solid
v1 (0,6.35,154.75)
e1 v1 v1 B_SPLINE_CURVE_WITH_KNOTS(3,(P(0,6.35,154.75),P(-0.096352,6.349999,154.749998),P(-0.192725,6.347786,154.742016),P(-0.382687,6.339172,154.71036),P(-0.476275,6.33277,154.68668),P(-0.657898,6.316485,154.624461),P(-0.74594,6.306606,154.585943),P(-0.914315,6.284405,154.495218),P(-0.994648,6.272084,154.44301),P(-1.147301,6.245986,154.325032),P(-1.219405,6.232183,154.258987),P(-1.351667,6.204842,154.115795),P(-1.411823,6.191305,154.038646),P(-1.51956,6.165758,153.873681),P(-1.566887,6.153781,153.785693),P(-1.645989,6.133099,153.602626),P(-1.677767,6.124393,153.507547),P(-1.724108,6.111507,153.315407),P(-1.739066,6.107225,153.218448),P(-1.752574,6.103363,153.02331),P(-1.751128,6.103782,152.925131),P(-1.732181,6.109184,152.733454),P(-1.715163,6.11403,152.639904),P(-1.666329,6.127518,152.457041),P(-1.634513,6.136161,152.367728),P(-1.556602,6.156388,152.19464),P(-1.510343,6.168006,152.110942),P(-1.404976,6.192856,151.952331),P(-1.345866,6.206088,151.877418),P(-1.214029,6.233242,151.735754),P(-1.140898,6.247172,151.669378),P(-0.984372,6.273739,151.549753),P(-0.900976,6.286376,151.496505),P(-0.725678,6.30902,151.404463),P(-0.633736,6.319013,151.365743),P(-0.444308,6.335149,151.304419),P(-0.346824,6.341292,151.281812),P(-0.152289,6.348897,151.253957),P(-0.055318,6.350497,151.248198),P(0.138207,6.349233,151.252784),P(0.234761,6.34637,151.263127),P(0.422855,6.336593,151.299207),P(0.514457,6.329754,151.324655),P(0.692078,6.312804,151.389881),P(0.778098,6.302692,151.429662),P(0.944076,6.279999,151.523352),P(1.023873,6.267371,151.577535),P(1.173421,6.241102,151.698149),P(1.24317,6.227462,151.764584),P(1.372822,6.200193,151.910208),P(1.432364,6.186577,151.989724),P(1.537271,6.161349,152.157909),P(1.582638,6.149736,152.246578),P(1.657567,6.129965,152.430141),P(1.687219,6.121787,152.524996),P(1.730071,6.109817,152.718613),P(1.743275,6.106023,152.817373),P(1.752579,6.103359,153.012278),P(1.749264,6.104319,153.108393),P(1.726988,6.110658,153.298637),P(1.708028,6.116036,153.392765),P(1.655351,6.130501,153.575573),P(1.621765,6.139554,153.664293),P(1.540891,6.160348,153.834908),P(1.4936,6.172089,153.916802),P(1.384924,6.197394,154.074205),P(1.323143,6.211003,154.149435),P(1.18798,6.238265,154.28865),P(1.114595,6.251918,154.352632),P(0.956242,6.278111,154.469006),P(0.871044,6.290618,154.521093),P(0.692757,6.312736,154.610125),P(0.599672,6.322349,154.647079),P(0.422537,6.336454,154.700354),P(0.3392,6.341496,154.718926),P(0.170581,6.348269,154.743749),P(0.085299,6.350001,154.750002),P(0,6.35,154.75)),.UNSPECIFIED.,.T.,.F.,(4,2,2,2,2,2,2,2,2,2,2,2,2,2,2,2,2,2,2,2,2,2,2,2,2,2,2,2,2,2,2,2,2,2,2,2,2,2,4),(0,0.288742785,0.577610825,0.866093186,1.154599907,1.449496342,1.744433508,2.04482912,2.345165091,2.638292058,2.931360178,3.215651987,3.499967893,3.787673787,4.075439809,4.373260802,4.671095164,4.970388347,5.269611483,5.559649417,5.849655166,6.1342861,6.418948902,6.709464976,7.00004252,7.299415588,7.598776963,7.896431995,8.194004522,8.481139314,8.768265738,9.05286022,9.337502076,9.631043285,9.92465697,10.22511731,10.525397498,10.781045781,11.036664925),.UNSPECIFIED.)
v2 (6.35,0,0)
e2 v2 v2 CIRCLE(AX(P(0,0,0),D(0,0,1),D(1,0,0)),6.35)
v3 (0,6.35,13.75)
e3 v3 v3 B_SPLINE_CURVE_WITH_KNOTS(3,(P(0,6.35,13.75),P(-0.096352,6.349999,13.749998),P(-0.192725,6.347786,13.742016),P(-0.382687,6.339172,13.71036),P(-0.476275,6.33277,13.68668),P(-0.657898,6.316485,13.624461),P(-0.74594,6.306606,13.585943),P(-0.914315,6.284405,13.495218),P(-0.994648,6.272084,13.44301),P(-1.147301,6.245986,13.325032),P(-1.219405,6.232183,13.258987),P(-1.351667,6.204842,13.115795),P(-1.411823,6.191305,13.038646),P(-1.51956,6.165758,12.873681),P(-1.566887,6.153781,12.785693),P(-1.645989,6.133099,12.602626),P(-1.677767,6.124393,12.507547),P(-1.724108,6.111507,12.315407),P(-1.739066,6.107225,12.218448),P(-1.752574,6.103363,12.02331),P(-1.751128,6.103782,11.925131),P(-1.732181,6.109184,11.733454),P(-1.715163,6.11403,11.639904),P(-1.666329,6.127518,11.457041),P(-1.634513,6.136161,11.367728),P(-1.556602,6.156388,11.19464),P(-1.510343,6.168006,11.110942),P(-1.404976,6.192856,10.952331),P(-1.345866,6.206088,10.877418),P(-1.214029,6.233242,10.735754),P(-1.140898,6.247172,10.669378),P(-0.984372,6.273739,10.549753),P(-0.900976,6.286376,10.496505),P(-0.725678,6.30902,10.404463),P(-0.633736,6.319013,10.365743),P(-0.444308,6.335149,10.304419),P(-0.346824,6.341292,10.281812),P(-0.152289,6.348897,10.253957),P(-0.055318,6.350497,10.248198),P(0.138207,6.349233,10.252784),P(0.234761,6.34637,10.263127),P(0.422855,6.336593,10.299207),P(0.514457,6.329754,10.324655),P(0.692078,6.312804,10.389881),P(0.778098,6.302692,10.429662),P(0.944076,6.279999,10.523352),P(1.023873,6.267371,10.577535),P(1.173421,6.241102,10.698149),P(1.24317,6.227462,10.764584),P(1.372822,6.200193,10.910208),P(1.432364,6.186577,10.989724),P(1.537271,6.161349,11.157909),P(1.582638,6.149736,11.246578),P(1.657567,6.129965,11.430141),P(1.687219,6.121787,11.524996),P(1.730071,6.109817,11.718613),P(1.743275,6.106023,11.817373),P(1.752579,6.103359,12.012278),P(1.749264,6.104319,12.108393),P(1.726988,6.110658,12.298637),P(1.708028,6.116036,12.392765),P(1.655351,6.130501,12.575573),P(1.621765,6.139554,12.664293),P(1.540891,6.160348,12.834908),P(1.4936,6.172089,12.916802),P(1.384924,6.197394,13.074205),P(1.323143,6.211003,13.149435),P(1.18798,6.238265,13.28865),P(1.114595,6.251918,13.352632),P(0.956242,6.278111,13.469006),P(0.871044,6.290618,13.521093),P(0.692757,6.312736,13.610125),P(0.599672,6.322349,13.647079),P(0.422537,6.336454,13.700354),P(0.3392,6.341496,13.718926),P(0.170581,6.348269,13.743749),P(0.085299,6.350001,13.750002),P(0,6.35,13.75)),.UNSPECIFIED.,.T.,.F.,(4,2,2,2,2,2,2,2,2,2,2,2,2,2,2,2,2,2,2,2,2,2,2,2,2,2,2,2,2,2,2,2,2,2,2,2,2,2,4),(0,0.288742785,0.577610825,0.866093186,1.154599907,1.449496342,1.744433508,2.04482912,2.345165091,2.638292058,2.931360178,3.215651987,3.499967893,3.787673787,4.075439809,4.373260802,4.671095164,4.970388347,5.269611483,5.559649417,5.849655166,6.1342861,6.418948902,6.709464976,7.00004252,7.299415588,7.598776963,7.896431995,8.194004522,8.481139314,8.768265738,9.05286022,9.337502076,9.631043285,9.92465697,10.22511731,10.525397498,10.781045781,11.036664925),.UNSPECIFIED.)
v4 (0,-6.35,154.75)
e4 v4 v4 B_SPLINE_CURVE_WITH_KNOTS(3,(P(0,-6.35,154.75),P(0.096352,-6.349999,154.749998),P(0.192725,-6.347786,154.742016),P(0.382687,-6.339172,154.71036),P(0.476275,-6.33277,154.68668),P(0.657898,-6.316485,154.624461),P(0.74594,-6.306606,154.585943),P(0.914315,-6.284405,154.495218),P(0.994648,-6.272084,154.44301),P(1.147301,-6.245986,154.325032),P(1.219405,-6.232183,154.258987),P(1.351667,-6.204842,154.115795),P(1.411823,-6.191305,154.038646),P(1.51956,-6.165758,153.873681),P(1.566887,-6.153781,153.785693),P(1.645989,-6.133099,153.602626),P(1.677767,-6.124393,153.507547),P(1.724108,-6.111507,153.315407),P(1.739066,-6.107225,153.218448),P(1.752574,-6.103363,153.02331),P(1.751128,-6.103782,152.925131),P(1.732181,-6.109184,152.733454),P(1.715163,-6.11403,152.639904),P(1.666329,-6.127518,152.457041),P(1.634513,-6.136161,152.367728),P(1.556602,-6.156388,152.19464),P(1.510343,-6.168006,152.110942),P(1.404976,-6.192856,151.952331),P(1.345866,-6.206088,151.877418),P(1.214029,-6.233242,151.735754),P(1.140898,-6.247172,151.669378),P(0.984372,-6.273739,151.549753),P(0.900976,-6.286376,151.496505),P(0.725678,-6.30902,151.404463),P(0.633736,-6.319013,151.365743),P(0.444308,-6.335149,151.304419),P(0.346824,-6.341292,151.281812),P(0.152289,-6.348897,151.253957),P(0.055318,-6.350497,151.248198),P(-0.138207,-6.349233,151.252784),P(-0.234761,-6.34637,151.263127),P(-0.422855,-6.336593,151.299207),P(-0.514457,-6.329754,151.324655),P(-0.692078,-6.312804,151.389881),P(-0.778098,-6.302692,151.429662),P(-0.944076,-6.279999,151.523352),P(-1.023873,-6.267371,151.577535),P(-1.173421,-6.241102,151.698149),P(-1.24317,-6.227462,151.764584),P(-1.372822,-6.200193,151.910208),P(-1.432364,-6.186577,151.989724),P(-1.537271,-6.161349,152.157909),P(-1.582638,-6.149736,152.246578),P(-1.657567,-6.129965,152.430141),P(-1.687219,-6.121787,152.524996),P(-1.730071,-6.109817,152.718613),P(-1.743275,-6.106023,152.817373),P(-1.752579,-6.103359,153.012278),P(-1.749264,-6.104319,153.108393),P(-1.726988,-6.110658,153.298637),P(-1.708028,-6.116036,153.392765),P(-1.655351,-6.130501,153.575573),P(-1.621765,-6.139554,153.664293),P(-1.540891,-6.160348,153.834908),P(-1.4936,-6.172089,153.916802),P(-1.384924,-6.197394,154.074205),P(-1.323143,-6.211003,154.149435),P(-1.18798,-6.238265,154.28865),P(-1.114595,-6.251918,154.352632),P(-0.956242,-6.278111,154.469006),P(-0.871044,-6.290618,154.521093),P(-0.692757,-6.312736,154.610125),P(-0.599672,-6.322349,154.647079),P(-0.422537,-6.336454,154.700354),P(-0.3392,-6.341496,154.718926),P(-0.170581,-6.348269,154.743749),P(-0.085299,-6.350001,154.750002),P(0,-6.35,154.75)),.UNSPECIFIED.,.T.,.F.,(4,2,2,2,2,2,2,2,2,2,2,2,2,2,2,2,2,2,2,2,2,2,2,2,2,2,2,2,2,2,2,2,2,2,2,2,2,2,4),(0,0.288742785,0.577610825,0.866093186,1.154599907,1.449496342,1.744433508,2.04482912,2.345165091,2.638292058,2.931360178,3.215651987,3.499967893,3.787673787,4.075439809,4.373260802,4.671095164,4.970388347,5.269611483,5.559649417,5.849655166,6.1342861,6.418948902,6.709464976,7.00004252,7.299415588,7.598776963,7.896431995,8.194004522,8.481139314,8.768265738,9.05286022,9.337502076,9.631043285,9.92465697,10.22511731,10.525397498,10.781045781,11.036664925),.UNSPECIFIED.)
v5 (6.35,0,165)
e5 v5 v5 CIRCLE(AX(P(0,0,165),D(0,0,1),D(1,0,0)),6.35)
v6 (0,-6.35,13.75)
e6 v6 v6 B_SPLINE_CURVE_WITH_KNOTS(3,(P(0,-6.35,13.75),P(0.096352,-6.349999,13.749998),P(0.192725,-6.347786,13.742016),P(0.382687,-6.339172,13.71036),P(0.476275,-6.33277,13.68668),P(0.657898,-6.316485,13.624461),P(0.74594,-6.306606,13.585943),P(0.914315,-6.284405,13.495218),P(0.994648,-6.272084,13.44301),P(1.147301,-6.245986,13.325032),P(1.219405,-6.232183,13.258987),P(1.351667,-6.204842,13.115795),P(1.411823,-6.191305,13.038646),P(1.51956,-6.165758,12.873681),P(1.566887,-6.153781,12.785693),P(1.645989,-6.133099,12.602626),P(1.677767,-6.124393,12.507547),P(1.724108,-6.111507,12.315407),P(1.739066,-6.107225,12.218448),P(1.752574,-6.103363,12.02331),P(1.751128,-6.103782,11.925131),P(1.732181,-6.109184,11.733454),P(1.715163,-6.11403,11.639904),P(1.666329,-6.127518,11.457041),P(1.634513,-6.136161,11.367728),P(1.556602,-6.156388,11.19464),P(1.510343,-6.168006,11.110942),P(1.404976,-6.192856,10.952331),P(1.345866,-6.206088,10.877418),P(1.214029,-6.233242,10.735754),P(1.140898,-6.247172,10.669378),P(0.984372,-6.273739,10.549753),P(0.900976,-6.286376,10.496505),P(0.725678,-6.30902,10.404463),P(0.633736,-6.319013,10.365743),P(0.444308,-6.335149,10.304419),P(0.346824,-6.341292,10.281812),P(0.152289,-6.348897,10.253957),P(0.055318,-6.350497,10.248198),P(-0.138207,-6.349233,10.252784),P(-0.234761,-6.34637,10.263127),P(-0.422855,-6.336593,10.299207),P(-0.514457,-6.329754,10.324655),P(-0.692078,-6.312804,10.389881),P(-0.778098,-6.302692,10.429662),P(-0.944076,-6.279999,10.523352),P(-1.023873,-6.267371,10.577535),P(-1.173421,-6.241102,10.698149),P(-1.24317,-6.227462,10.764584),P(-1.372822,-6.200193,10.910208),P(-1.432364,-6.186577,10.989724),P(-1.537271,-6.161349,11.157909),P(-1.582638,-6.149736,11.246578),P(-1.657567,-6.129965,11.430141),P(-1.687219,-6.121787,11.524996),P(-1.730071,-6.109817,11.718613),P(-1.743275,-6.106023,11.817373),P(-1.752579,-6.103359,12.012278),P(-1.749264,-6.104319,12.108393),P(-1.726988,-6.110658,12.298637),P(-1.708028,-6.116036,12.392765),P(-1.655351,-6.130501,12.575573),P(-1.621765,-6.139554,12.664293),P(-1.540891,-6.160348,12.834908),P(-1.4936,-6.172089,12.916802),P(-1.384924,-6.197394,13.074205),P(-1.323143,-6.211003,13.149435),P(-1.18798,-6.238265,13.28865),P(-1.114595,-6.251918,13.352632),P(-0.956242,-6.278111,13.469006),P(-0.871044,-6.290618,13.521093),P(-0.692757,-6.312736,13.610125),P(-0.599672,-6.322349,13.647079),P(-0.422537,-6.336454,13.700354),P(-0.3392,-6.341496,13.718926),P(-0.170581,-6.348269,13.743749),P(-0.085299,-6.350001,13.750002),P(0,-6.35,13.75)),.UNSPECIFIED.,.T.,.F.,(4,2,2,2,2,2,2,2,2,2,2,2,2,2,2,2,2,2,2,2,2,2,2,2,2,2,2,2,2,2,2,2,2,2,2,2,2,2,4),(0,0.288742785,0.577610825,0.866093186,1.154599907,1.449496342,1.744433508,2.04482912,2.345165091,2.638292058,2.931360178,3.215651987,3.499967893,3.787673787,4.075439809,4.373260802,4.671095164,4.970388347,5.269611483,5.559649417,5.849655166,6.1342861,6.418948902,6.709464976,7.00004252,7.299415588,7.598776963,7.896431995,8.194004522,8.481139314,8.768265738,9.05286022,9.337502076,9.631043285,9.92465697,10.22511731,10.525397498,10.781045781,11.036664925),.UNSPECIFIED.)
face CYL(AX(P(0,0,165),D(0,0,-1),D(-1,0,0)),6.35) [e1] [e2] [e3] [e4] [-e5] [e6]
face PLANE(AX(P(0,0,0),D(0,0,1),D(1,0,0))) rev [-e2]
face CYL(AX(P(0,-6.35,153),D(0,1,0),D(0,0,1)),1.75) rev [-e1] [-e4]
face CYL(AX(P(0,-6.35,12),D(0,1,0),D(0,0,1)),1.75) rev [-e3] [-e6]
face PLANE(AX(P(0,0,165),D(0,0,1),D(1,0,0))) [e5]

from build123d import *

# Parameters (mm, degrees)
CROQUIS1_R                 = 6.35
SALIENTE_EXTRUIR1_DEPTH    = 165
CORTAR_EXTRUIR1_DEPTH      = 166.244198083
CORTAR_EXTRUIR1_DEPTH_BACK = 166.244198083
CROQUIS2_R                 = 1.75


with BuildPart() as part:
    # Croquis1 → Saliente-Extruir1 (new body)
    with BuildSketch(Plane.XY):
        Circle(CROQUIS1_R)
    extrude(amount=SALIENTE_EXTRUIR1_DEPTH)

    # Croquis2 → Cortar-Extruir1 (cut, two sides: drawn at the far end of the back side and taken through both)
    with BuildSketch(Plane(origin=(0, 0, 0), x_dir=(1, 0, 0), z_dir=(0, 1, 0)).offset(-CORTAR_EXTRUIR1_DEPTH_BACK)):
        with Locations(Location((0, -12, 0), (0, 0, 270))):
            Circle(CROQUIS2_R)
        with Locations(Location((0, -153, 0), (0, 0, 270))):
            Circle(CROQUIS2_R)
    extrude(amount=CORTAR_EXTRUIR1_DEPTH + CORTAR_EXTRUIR1_DEPTH_BACK, mode=Mode.SUBTRACT)


solid = part.part
